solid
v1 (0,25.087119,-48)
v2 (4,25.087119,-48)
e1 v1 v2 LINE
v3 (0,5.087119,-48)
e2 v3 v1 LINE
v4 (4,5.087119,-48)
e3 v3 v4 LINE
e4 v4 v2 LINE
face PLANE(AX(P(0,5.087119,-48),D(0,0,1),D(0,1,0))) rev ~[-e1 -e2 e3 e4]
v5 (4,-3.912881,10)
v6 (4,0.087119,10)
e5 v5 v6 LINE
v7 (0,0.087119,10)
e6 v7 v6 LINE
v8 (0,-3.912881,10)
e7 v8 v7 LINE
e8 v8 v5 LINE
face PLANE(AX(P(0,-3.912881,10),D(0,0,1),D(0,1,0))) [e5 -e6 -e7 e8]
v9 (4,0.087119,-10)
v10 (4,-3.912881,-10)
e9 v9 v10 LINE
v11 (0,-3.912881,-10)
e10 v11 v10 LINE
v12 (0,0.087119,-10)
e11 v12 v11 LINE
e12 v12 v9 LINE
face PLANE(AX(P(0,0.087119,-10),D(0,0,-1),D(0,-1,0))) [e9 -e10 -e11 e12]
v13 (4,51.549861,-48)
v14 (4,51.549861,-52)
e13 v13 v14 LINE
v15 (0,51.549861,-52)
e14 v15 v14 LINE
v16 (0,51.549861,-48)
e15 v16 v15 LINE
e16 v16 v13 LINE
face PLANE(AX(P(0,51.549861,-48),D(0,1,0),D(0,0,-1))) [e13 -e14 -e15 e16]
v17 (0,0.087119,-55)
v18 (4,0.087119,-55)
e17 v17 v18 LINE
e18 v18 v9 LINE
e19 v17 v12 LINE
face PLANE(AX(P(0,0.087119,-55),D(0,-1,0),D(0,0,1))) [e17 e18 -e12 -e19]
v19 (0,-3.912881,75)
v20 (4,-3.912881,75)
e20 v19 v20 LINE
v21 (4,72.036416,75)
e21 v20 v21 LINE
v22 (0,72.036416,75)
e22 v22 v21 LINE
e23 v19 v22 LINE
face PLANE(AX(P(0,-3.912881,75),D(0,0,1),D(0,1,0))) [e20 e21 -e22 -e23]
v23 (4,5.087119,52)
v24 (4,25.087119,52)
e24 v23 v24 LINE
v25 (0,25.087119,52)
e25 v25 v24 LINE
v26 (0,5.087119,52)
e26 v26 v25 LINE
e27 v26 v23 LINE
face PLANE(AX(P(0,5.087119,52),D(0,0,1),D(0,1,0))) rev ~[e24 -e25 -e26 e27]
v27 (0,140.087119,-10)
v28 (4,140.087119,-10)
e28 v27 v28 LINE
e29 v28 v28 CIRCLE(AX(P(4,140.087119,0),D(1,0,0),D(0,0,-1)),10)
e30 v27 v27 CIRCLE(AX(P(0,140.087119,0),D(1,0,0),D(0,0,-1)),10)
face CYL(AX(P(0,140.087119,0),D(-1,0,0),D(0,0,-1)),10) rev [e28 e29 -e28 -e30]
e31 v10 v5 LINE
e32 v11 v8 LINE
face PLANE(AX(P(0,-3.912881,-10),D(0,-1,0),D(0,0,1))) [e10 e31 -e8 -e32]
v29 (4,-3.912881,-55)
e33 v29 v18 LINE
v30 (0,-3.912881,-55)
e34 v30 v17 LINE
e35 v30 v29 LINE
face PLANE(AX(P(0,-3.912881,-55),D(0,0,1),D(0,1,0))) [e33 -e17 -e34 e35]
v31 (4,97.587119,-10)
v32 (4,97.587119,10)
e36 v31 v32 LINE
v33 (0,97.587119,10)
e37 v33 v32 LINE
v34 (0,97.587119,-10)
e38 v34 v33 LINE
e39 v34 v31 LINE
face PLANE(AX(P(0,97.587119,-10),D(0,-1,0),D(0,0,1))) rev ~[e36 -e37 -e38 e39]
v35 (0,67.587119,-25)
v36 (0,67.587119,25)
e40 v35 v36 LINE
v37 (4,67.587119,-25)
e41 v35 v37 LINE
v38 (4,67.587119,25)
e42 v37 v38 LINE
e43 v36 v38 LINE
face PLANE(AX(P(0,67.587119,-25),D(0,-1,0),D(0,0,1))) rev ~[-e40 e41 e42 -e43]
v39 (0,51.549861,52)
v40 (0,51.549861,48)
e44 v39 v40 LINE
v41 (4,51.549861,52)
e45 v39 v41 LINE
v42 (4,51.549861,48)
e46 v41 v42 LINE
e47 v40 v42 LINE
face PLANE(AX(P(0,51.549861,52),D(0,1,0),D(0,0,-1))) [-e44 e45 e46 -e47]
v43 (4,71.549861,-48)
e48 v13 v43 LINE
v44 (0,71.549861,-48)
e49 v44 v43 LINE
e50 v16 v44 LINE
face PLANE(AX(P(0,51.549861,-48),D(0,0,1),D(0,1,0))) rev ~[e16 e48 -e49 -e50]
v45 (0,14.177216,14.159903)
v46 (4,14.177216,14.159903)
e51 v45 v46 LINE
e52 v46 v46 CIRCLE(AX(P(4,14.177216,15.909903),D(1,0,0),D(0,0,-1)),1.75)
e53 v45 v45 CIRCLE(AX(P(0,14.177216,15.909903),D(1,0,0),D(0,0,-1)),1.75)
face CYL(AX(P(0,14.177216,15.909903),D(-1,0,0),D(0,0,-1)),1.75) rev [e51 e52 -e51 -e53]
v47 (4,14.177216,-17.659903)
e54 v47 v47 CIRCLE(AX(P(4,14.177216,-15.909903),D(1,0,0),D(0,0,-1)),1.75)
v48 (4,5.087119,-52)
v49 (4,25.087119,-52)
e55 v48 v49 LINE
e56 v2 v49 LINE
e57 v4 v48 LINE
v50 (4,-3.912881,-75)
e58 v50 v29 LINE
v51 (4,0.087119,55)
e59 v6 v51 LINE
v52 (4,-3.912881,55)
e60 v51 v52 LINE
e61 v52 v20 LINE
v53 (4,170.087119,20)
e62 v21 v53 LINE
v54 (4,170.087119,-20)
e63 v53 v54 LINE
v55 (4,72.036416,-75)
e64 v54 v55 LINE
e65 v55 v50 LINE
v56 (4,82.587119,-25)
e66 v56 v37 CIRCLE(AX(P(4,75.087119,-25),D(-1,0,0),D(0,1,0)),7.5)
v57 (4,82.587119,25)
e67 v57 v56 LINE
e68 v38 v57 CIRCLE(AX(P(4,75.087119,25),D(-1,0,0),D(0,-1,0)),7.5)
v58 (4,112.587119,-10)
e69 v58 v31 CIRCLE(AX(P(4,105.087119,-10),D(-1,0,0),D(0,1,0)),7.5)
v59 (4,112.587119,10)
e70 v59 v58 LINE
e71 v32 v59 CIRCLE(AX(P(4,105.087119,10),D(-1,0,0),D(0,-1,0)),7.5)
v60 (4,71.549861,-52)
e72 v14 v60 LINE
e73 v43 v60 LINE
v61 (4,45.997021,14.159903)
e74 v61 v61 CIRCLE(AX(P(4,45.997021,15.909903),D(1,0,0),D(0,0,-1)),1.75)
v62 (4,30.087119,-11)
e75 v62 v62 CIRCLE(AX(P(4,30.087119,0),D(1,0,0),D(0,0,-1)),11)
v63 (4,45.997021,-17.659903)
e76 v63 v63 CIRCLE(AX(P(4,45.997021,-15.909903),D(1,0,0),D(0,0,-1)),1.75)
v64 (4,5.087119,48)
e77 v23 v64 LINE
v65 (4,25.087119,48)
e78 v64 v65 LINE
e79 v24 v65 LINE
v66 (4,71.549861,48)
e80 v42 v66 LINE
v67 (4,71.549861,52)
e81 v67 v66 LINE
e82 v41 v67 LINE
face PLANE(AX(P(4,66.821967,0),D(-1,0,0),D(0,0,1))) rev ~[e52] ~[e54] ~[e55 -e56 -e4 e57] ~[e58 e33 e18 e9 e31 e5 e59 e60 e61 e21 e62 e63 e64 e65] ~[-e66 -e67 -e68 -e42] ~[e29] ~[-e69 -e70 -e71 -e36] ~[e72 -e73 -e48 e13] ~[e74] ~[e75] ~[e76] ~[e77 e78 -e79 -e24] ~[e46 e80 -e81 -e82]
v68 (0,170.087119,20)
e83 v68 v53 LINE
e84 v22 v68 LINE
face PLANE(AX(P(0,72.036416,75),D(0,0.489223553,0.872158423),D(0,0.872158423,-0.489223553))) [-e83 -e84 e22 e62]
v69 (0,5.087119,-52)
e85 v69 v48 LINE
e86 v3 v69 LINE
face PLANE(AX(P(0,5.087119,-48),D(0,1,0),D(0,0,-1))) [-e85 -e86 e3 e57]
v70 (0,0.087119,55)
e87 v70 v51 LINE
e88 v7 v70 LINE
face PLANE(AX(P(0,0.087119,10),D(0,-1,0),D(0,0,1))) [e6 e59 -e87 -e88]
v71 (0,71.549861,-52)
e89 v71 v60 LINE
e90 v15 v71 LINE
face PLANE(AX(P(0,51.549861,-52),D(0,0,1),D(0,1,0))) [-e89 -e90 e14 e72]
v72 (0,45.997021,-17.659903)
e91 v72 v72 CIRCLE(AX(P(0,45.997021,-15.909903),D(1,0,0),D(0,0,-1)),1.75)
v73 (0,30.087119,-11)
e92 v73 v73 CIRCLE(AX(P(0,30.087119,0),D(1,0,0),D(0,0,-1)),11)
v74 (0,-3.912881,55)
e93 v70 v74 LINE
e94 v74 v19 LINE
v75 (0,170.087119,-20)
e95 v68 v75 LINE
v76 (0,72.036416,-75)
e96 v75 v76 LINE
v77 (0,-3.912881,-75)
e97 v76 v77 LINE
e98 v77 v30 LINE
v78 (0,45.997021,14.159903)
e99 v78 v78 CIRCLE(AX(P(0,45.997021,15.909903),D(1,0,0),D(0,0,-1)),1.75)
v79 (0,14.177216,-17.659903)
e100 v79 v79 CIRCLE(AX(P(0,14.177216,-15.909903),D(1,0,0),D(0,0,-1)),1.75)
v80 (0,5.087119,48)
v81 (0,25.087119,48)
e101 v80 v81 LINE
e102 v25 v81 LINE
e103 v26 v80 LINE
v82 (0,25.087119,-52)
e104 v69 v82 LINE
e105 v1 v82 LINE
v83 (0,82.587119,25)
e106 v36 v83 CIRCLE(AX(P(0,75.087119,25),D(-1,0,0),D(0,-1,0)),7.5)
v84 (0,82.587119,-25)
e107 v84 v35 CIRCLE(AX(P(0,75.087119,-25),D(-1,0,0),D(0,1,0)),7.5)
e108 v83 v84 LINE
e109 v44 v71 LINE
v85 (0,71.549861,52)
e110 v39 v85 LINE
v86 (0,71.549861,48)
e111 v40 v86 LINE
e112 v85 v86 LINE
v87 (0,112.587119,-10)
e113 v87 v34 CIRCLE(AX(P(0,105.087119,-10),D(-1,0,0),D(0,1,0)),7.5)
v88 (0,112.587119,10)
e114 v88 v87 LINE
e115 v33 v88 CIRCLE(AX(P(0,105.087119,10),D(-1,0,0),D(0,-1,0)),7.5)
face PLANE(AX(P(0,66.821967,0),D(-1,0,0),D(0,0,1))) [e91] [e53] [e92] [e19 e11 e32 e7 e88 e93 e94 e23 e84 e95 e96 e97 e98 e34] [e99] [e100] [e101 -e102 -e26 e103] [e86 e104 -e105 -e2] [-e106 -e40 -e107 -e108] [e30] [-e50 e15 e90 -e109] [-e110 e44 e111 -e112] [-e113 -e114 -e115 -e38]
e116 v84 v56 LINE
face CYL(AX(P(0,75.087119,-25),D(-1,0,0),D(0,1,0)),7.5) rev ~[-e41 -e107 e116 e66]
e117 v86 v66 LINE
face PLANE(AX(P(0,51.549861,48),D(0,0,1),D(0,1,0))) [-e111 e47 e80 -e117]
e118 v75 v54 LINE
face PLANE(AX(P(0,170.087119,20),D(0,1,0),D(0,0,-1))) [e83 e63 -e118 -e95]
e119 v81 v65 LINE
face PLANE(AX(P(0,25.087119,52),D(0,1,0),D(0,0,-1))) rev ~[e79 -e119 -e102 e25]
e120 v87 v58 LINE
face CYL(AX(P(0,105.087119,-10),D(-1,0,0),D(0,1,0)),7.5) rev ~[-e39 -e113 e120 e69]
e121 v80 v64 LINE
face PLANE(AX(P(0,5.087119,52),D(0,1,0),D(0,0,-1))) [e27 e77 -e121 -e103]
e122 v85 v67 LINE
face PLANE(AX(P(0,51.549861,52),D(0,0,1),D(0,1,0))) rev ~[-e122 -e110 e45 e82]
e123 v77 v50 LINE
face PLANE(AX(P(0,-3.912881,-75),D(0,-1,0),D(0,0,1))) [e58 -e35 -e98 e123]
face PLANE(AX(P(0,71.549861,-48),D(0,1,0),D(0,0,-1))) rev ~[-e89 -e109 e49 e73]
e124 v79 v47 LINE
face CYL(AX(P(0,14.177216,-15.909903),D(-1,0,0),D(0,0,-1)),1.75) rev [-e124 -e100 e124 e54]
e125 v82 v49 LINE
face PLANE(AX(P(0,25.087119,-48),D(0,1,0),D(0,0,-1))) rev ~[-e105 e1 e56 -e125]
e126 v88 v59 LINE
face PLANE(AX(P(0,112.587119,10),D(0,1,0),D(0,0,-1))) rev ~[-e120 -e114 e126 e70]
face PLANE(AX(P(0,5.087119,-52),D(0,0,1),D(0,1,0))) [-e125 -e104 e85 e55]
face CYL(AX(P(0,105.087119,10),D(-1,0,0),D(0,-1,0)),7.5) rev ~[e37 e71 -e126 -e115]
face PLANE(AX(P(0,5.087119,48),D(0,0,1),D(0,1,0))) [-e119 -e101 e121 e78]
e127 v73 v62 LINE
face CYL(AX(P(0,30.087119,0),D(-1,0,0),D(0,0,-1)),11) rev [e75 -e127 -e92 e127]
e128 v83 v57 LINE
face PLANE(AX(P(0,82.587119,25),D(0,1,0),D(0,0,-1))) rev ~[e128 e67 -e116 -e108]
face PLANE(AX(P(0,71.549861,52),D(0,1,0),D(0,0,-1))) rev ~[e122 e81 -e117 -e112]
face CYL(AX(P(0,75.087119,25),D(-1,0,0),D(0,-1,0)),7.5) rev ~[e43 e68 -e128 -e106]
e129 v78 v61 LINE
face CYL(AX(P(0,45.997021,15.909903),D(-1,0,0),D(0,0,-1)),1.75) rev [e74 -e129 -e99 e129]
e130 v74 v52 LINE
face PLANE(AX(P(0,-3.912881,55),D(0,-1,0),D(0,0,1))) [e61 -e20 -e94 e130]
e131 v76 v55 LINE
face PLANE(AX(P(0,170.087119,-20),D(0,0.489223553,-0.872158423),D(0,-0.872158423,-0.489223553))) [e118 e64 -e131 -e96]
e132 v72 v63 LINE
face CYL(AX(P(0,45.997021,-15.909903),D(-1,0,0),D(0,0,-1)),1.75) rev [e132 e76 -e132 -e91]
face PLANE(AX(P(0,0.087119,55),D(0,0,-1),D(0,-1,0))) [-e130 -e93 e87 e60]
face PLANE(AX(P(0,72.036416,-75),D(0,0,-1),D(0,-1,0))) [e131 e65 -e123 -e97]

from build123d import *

# Parameters (mm, degrees)
SKETCH1_R           = 11
SKETCH1_R_2         = 10
SKETCH1_R_3         = 1.75
SKETCH1_W           = 4
SKETCH1_H           = 20
BOSS_EXTRUDE1_DEPTH = 4


with BuildPart() as part:
    # Sketch1 → Boss-Extrude1 (new body)
    with BuildSketch(Plane(origin=(0, 0, 0), x_dir=(0, 0, -1), z_dir=(1, 0, 0))):
        Polygon((-20, 170.087118875), (20, 170.087118875), (75, 72.036415883), (75, -3.912881125), (55, -3.912881125), (55, 0.087118875), (10, 0.087118875), (10, -3.912881125), (-10, -3.912881125), (-10, 0.087118875), (-55, 0.087118875), (-55, -3.912881125), (-75, -3.912881125), (-75, 72.036415883), align=None)
        with Locations((0, 30.087118875)):
            Circle(SKETCH1_R, mode=Mode.SUBTRACT)
        with Locations((0, 140.087118875)):
            Circle(SKETCH1_R_2, mode=Mode.SUBTRACT)
        with Locations((-15.909902577, 45.997021452)):
            Circle(SKETCH1_R_3, mode=Mode.SUBTRACT)
        with Locations((-15.909902577, 14.177216298)):
            Circle(SKETCH1_R_3, mode=Mode.SUBTRACT)
        with Locations((15.909902577, 14.177216298)):
            Circle(SKETCH1_R_3, mode=Mode.SUBTRACT)
        with Locations((15.909902577, 45.997021452)):
            Circle(SKETCH1_R_3, mode=Mode.SUBTRACT)
        with BuildLine():
            Line((-10, 112.587118875), (10, 112.587118875))
            ThreePointArc((10, 112.587118875), (17.5, 105.087118875), (10, 97.587118875))
            Line((10, 97.587118875), (-10, 97.587118875))
            ThreePointArc((-10, 97.587118875), (-17.5, 105.087118875), (-10, 112.587118875))
        make_face(mode=Mode.SUBTRACT)
        with BuildLine():
            Line((-25, 82.587118875), (25, 82.587118875))
            ThreePointArc((25, 82.587118875), (32.5, 75.087118875), (25, 67.587118875))
            Line((25, 67.587118875), (-25, 67.587118875))
            ThreePointArc((-25, 67.587118875), (-32.5, 75.087118875), (-25, 82.587118875))
        make_face(mode=Mode.SUBTRACT)
        with Locations((-50, 15.087118875)):
            Rectangle(SKETCH1_W, SKETCH1_H, mode=Mode.SUBTRACT)
        with Locations((50, 15.087118875)):
            Rectangle(SKETCH1_W, SKETCH1_H, mode=Mode.SUBTRACT)
        with Locations((-50, 61.549860891)):
            Rectangle(SKETCH1_W, SKETCH1_H, mode=Mode.SUBTRACT)
        with Locations((50, 61.549860891)):
            Rectangle(SKETCH1_W, SKETCH1_H, mode=Mode.SUBTRACT)
    extrude(amount=BOSS_EXTRUDE1_DEPTH)


solid = part.part
